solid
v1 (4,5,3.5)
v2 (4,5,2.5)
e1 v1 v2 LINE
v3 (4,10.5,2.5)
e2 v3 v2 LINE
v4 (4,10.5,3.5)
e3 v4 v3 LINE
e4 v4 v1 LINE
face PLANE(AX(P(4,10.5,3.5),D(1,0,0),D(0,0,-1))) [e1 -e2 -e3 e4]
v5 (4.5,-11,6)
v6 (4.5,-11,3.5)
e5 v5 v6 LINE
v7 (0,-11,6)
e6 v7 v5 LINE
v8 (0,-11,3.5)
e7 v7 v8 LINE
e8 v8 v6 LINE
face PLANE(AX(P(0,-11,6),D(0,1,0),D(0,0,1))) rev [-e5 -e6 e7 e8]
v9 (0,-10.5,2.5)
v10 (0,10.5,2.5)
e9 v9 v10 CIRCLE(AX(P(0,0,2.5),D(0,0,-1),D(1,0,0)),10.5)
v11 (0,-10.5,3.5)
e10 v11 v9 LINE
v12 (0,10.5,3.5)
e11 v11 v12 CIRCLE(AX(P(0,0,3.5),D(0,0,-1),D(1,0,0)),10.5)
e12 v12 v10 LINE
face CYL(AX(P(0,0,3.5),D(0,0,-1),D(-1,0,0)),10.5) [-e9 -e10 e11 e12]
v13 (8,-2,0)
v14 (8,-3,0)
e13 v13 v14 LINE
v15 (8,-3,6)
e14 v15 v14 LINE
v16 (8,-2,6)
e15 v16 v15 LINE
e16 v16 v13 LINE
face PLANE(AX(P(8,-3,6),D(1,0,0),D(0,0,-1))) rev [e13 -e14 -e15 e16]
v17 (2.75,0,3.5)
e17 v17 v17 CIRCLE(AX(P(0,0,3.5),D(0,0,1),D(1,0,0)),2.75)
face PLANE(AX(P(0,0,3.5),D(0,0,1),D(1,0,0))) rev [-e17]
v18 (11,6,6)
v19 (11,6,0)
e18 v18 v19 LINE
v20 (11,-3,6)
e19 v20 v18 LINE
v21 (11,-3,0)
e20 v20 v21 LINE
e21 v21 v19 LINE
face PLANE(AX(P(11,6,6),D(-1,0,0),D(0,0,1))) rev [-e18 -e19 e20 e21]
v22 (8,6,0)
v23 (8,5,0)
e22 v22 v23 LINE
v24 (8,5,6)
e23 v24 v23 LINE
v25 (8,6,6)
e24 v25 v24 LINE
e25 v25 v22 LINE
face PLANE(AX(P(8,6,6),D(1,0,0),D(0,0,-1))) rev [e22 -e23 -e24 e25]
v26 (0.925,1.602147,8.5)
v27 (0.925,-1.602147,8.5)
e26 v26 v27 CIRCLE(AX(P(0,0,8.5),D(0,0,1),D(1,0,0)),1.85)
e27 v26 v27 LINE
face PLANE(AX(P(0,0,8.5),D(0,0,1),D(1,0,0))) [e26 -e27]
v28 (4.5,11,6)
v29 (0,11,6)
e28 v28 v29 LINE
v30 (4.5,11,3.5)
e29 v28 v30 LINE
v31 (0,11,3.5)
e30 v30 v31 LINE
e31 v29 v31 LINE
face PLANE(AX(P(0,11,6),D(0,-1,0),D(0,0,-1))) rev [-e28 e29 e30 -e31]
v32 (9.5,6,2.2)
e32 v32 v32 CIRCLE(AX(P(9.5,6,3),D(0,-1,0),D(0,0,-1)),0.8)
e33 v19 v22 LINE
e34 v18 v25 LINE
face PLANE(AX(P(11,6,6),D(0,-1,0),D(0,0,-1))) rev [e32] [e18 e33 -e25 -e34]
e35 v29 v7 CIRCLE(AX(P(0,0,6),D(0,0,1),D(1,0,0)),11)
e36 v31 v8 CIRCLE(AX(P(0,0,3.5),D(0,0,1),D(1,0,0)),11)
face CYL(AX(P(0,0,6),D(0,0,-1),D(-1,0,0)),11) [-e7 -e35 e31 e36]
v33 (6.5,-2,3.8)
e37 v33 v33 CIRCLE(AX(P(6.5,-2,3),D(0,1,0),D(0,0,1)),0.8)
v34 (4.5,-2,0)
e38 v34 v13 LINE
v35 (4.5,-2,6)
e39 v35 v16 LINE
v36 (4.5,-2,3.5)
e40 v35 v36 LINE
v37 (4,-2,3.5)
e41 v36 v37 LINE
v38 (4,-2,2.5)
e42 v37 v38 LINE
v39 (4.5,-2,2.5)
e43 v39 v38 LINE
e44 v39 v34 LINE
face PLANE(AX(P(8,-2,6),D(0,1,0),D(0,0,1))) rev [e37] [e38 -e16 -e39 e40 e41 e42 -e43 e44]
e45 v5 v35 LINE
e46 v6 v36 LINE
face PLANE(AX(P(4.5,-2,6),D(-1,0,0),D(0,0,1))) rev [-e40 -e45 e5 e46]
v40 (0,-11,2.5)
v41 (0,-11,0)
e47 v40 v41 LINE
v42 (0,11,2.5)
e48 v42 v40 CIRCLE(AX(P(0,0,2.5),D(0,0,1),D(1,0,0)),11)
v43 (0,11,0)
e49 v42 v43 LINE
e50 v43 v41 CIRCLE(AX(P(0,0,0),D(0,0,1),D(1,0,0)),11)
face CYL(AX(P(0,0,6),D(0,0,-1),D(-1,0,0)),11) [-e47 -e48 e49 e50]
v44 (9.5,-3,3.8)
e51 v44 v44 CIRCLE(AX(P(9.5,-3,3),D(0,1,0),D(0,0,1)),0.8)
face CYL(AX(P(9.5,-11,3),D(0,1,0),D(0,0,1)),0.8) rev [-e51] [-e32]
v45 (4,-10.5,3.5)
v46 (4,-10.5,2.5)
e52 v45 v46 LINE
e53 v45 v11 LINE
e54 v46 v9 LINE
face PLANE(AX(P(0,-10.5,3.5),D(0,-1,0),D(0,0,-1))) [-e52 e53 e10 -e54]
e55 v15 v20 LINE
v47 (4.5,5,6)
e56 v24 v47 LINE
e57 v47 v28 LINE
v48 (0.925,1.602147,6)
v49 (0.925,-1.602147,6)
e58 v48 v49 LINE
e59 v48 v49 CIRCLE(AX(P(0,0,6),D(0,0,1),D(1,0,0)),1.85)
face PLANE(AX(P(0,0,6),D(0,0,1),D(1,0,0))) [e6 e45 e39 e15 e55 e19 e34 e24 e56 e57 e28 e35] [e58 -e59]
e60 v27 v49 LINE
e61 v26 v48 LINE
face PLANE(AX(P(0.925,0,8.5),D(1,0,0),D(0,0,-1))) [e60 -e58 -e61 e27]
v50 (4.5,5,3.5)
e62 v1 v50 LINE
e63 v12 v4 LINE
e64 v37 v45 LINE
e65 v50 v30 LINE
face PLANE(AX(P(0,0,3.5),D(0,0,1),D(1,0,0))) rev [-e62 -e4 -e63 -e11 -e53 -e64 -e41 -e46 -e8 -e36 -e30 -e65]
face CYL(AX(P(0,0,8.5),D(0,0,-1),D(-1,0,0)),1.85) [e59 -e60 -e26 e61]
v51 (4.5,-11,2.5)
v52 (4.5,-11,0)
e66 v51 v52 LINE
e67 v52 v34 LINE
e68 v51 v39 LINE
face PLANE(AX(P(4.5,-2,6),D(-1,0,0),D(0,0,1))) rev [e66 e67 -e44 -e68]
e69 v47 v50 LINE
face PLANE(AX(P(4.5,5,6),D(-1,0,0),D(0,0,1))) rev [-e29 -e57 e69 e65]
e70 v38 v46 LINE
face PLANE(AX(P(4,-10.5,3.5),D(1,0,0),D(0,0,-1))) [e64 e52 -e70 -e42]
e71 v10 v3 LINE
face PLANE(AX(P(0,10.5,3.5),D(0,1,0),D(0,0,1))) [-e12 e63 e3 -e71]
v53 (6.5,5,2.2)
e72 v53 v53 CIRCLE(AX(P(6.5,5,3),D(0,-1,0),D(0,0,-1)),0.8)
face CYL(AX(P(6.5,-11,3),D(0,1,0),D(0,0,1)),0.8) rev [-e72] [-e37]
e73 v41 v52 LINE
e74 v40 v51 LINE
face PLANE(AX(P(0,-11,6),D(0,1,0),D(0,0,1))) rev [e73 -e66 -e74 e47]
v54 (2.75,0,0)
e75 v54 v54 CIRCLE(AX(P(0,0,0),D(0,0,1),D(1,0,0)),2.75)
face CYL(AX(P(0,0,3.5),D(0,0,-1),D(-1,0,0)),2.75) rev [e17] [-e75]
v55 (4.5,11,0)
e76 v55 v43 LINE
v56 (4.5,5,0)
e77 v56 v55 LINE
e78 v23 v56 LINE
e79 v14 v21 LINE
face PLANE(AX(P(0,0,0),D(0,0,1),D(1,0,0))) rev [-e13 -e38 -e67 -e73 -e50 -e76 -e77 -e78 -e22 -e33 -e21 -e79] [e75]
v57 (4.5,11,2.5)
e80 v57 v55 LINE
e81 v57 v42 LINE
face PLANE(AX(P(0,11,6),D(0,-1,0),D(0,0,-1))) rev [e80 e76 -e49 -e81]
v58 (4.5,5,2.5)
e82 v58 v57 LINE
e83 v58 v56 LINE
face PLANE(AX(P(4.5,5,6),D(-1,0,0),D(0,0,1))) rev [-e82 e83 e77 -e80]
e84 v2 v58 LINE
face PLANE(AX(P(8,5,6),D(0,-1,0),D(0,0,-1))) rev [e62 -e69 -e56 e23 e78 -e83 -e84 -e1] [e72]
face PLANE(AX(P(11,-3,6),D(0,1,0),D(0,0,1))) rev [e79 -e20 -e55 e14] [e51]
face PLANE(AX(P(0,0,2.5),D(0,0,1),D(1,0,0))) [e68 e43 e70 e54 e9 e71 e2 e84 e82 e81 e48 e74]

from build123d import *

# Parameters (mm, degrees)
BOSS_EXTRUDE1_DEPTH = 6
CUT_EXTRUDE1_START  = 10
SKETCH2_R           = 0.8
CUT_EXTRUDE1_DEPTH  = 22
CUT_EXTRUDE2_START  = 3
CUT_EXTRUDE2_DEPTH  = 0.5
BOSS_EXTRUDE2_START = 6
BOSS_EXTRUDE2_DEPTH = 2.5
SKETCH5_R           = 2.75
CUT_EXTRUDE3_DEPTH  = 3.5


with BuildPart() as part:
    # Sketch1 → Boss-Extrude1 (new body)
    with BuildSketch(Plane.XY):
        with BuildLine():
            Line((11, 6), (11, -3))
            Line((11, -3), (8, -3))
            Line((8, -3), (8, -2))
            Line((8, -2), (4.5, -2))
            Line((4.5, -2), (4.5, -11))
            Line((4.5, -11), (0, -11))
            ThreePointArc((0, -11), (-11, 0), (0, 11))
            Line((0, 11), (4.5, 11))
            Line((4.5, 11), (4.5, 5))
            Line((4.5, 5), (8, 5))
            Line((8, 5), (8, 6))
            Line((8, 6), (11, 6))
        make_face()
    extrude(amount=BOSS_EXTRUDE1_DEPTH)

    # Sketch2 → Cut-Extrude1 (cut, through all)
    with BuildSketch(Plane(origin=(0, 0, 0), x_dir=(1, 0, 0), z_dir=(0, 1, 0)).offset(CUT_EXTRUDE1_START)):
        with Locations((6.5, -3)):
            Circle(SKETCH2_R)
        with Locations((9.5, -3)):
            Circle(SKETCH2_R)
    extrude(amount=-CUT_EXTRUDE1_DEPTH, mode=Mode.SUBTRACT)

    # Sketch3 → Cut-Extrude2 (cut, symmetric)
    with BuildSketch(Plane.XY.offset(CUT_EXTRUDE2_START)):
        with BuildLine():
            Line((0, 11), (4.5, 11))
            Line((4.5, 11), (4.5, 5))
            Line((4.5, 5), (4, 5))
            Line((4, 5), (4, 10.5))
            Line((4, 10.5), (0, 10.5))
            ThreePointArc((0, 10.5), (-10.5, 0), (0, -10.5))
            Line((0, -10.5), (4, -10.5))
            Line((4, -10.5), (4, -2))
            Line((4, -2), (4.5, -2))
            Line((4.5, -2), (4.5, -11))
            Line((4.5, -11), (0, -11))
            ThreePointArc((0, -11), (-11, 0), (0, 11))
        make_face()
    extrude(amount=CUT_EXTRUDE2_DEPTH, both=True, mode=Mode.SUBTRACT)

    # Sketch4 → Boss-Extrude2 (add)
    with BuildSketch(Plane.XY.offset(BOSS_EXTRUDE2_START)):
        with BuildLine():
            Line((0.925, 1.602146997), (0.925, -1.602146997))
            ThreePointArc((0.925, -1.602146997), (-1.85, 0), (0.925, 1.602146997))
        make_face()
    extrude(amount=BOSS_EXTRUDE2_DEPTH)

    # Sketch5 → Cut-Extrude3 (cut)
    with BuildSketch(Plane.XY):
        Circle(SKETCH5_R)
    extrude(amount=CUT_EXTRUDE3_DEPTH, mode=Mode.SUBTRACT)


solid = part.part
